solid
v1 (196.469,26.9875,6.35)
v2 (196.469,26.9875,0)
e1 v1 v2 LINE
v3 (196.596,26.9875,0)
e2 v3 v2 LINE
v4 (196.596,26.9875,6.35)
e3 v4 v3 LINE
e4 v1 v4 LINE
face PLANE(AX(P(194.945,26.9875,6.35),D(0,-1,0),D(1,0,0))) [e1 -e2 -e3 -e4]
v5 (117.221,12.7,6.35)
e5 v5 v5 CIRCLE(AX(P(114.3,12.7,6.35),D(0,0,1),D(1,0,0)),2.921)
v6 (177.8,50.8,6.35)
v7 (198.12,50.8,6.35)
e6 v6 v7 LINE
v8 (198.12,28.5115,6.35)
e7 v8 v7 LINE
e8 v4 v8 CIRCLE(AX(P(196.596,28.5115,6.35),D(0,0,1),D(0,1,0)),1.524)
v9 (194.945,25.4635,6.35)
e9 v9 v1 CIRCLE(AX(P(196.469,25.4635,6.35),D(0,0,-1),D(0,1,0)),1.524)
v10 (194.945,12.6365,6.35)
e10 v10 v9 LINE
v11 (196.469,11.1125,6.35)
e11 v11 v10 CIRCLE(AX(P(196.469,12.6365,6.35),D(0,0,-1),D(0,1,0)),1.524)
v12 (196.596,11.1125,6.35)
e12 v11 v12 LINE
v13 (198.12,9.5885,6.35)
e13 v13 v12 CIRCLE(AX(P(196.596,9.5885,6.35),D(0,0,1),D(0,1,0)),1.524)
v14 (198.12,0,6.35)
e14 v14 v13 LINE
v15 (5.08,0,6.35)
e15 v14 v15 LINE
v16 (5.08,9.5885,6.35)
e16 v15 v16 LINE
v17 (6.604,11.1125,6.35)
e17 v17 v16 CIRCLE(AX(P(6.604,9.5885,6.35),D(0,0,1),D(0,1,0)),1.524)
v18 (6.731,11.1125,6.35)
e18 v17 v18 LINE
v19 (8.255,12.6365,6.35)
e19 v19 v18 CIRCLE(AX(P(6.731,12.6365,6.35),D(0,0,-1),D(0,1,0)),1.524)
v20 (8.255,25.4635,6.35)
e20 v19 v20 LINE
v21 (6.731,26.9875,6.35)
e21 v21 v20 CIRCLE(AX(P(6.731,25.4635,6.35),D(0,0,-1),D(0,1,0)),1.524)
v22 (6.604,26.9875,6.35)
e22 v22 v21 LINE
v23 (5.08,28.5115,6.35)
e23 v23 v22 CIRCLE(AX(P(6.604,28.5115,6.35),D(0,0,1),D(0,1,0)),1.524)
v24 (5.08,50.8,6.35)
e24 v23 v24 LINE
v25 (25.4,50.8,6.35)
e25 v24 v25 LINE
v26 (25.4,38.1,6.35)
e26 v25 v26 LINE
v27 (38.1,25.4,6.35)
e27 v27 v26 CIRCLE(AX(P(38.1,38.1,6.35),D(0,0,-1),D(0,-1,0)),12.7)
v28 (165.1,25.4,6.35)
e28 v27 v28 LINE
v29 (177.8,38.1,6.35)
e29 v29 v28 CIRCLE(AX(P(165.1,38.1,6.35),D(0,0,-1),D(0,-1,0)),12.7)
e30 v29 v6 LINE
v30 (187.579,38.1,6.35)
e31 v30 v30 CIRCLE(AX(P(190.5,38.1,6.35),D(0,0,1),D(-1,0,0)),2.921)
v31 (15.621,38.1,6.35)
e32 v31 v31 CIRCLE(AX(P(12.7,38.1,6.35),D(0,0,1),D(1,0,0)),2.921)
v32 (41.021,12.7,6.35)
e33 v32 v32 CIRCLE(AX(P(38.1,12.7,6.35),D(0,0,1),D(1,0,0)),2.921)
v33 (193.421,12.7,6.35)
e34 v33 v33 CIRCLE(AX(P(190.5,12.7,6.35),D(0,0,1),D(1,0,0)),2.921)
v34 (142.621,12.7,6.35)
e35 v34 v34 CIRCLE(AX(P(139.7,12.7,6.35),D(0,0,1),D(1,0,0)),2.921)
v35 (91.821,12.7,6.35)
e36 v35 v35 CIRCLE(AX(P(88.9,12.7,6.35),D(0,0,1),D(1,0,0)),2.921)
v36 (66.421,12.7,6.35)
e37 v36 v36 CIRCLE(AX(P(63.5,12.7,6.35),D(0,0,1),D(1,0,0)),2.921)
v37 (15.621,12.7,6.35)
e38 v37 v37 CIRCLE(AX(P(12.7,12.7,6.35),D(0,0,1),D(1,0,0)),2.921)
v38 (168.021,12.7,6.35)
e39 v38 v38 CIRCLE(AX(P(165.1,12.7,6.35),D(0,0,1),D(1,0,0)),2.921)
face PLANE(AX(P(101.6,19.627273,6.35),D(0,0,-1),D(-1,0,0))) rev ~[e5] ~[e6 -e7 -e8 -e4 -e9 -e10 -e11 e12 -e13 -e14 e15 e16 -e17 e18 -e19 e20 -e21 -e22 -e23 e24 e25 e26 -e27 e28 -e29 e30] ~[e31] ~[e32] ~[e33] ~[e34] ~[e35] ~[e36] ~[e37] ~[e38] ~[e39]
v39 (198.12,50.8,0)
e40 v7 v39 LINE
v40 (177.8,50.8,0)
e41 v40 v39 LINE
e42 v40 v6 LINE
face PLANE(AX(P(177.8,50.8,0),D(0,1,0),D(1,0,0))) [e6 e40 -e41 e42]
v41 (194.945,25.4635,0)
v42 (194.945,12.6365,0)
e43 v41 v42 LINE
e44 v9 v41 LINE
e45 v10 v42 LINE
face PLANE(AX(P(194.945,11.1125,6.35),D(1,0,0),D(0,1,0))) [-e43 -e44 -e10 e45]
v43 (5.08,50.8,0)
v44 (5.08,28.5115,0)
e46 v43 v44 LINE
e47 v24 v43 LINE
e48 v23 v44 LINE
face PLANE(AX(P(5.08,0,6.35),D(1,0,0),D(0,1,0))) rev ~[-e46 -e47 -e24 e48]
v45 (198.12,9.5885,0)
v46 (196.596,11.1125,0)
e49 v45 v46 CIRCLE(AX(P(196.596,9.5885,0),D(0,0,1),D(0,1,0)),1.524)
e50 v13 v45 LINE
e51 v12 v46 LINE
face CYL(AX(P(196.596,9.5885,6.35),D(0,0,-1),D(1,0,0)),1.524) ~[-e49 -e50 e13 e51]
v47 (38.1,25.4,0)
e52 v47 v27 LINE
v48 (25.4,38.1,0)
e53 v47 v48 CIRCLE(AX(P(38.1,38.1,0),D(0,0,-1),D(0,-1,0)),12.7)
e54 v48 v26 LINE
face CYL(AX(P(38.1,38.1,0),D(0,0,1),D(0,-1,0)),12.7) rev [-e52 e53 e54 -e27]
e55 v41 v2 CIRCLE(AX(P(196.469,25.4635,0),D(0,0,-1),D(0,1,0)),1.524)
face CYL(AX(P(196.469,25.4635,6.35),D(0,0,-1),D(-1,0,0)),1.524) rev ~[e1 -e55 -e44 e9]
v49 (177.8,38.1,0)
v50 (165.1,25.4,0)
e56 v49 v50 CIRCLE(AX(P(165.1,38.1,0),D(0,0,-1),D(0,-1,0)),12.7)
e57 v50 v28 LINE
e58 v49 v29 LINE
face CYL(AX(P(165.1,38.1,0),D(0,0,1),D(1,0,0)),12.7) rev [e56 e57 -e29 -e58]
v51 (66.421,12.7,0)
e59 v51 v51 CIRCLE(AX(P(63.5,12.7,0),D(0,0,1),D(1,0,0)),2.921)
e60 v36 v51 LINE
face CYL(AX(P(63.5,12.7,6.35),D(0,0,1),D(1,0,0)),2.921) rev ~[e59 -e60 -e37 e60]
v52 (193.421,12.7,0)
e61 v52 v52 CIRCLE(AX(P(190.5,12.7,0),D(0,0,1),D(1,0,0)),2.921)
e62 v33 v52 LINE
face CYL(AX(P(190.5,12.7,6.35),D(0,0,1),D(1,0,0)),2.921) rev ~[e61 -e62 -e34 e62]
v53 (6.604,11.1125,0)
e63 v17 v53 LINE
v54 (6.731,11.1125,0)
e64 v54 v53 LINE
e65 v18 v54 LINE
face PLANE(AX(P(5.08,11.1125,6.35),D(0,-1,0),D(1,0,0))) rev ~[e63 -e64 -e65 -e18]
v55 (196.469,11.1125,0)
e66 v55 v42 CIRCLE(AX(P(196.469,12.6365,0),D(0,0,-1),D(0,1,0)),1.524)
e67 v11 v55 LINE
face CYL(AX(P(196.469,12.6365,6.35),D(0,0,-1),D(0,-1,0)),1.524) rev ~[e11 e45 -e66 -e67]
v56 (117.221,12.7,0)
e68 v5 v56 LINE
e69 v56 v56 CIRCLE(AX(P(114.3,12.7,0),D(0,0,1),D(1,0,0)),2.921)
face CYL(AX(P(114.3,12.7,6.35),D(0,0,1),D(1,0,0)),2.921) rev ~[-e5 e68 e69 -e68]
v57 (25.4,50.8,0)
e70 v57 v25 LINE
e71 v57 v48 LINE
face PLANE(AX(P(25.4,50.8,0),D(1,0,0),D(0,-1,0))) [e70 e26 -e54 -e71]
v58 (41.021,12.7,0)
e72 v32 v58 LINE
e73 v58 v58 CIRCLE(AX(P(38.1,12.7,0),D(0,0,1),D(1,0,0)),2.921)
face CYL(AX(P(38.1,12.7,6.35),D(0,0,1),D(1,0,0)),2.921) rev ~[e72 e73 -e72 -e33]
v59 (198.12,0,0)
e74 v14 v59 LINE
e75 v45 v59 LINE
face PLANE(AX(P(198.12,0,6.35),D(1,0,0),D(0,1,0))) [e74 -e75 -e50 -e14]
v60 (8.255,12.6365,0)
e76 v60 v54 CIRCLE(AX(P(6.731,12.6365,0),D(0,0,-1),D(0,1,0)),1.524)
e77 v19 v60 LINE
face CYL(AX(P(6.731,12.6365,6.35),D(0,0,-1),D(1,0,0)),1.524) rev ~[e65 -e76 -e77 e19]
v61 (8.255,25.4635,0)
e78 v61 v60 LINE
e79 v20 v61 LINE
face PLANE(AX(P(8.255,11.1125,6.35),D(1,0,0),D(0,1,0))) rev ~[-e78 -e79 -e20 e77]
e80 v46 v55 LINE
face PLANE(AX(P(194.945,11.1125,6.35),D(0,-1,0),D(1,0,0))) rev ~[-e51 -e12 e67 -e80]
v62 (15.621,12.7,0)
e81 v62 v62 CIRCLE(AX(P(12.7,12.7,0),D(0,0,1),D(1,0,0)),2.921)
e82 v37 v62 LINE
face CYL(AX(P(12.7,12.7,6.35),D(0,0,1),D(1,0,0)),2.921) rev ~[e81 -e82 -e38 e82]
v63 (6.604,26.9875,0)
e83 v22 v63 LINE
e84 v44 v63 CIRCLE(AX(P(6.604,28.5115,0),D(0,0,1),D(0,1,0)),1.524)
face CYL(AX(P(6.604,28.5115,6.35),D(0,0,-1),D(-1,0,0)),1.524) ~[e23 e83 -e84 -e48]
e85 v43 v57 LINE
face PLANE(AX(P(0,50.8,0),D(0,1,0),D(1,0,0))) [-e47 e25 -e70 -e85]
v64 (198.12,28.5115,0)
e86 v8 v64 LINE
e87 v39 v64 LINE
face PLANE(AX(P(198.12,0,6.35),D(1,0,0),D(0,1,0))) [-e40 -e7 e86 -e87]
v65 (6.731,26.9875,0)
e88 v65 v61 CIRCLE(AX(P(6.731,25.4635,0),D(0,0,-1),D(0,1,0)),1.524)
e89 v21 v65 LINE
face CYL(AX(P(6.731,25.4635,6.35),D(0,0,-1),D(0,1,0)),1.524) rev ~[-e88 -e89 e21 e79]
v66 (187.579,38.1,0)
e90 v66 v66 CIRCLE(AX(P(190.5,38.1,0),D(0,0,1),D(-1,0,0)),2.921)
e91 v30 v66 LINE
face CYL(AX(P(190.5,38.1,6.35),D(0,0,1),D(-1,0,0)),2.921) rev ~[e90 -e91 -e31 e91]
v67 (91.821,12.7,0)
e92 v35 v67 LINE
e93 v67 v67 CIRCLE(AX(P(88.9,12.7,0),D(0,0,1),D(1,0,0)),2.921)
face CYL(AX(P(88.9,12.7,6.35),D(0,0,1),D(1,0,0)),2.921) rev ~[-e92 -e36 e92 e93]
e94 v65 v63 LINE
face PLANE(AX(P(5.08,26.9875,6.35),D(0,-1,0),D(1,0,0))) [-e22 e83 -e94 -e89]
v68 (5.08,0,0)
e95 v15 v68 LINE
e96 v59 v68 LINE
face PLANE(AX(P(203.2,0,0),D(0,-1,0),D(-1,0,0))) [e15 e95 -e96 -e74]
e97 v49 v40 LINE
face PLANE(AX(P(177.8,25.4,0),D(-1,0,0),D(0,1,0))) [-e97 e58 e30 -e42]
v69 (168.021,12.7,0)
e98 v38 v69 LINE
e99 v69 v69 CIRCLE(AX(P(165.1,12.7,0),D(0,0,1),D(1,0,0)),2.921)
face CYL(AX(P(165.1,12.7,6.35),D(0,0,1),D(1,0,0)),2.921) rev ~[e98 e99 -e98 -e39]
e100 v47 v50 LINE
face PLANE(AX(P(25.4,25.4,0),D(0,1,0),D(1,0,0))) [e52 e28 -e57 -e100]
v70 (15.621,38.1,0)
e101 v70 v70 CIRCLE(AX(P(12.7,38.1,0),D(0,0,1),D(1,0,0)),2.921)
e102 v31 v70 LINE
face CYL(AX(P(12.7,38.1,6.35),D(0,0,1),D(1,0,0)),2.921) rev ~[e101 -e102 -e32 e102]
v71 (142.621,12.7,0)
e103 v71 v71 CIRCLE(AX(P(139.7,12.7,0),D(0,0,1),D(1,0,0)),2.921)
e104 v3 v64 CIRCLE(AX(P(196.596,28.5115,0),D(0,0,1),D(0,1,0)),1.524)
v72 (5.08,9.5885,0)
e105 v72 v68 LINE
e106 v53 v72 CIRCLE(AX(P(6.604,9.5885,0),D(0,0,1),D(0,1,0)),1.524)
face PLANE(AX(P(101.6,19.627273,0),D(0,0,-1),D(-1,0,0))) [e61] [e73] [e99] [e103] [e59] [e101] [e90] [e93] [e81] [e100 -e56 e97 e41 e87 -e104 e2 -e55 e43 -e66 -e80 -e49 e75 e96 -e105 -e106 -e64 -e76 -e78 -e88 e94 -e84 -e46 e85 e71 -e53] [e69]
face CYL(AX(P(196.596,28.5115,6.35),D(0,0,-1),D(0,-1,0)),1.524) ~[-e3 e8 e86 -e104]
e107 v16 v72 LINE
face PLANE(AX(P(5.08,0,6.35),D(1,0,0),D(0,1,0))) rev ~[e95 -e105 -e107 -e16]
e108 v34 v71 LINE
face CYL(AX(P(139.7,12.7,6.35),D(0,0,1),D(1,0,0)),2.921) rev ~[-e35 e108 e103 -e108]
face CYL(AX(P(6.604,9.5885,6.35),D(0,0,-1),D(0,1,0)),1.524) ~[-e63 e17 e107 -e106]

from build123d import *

# Parameters (mm, degrees)
BOSS_EXTRUDE1_DEPTH = 6.35
SKETCH2_R           = 2.921
CUT_EXTRUDE1_DEPTH  = 210.55
SKETCH3_W           = 5.08
SKETCH3_H           = 50.8
CUT_EXTRUDE2_DEPTH  = 210.55
FILLET1_R           = 12.7
SKETCH4_W           = 3.175
SKETCH4_H           = 15.875
CUT_EXTRUDE3_DEPTH  = 205.627703159
FILLET2_R           = 1.524


with BuildPart() as part:
    # Sketch1 → Boss-Extrude1 (new body)
    with BuildSketch(Plane.XY):
        Polygon((0, 0), (0, 50.8), (25.4, 50.8), (25.4, 25.4), (177.8, 25.4), (177.8, 50.8), (203.2, 50.8), (203.2, 0), align=None)
    extrude(amount=BOSS_EXTRUDE1_DEPTH)

    # Sketch2 → Cut-Extrude1 (cut, through all)
    with BuildSketch(Plane.XY.offset(6.35)):
        with Locations((12.7, 38.1)):
            Circle(SKETCH2_R)
        with Locations((12.7, 12.7)):
            Circle(SKETCH2_R)
        with Locations((38.1, 12.7)):
            Circle(SKETCH2_R)
        with Locations((63.5, 12.7)):
            Circle(SKETCH2_R)
        with Locations((88.9, 12.7)):
            Circle(SKETCH2_R)
        with Locations((114.3, 12.7)):
            Circle(SKETCH2_R)
        with Locations((139.7, 12.7)):
            Circle(SKETCH2_R)
        with Locations((165.1, 12.7)):
            Circle(SKETCH2_R)
        with Locations((190.5, 12.7)):
            Circle(SKETCH2_R)
        with Locations(Location((190.5, 38.1, 0), (0, 0, 180))):
            Circle(SKETCH2_R)
    extrude(amount=-CUT_EXTRUDE1_DEPTH, mode=Mode.SUBTRACT)

    # Sketch3 → Cut-Extrude2 (cut, through all)
    with BuildSketch(Plane.XY.offset(6.35)):
        with Locations((2.54, 25.4)):
            Rectangle(SKETCH3_W, SKETCH3_H)
        with Locations((200.66, 25.4)):
            Rectangle(SKETCH3_W, SKETCH3_H)
    extrude(amount=-CUT_EXTRUDE2_DEPTH, mode=Mode.SUBTRACT)

    # Fillet1
    fillet1_edges = [part.edges().sort_by_distance(p)[0] for p in [
        (25.4, 25.4, 3.175),
        (177.8, 25.4, 3.175),
    ]]
    fillet(fillet1_edges, radius=FILLET1_R)

    # Sketch4 → Cut-Extrude3 (cut, through all)
    with BuildSketch(Plane.XY.offset(6.35)):
        with Locations((6.6675, 19.05)):
            Rectangle(SKETCH4_W, SKETCH4_H)
        with Locations((196.5325, 19.05)):
            Rectangle(SKETCH4_W, SKETCH4_H)
    extrude(amount=-CUT_EXTRUDE3_DEPTH, mode=Mode.SUBTRACT)

    # Fillet2
    fillet2_edges = [part.edges().sort_by_distance(p)[0] for p in [
        (5.08, 11.1125, 3.175),
        (5.08, 26.9875, 3.175),
        (8.255, 26.9875, 3.175),
        (8.255, 11.1125, 3.175),
        (198.12, 11.1125, 3.175),
        (194.945, 11.1125, 3.175),
        (194.945, 26.9875, 3.175),
        (198.12, 26.9875, 3.175),
    ]]
    fillet(fillet2_edges, radius=FILLET2_R)


solid = part.part
